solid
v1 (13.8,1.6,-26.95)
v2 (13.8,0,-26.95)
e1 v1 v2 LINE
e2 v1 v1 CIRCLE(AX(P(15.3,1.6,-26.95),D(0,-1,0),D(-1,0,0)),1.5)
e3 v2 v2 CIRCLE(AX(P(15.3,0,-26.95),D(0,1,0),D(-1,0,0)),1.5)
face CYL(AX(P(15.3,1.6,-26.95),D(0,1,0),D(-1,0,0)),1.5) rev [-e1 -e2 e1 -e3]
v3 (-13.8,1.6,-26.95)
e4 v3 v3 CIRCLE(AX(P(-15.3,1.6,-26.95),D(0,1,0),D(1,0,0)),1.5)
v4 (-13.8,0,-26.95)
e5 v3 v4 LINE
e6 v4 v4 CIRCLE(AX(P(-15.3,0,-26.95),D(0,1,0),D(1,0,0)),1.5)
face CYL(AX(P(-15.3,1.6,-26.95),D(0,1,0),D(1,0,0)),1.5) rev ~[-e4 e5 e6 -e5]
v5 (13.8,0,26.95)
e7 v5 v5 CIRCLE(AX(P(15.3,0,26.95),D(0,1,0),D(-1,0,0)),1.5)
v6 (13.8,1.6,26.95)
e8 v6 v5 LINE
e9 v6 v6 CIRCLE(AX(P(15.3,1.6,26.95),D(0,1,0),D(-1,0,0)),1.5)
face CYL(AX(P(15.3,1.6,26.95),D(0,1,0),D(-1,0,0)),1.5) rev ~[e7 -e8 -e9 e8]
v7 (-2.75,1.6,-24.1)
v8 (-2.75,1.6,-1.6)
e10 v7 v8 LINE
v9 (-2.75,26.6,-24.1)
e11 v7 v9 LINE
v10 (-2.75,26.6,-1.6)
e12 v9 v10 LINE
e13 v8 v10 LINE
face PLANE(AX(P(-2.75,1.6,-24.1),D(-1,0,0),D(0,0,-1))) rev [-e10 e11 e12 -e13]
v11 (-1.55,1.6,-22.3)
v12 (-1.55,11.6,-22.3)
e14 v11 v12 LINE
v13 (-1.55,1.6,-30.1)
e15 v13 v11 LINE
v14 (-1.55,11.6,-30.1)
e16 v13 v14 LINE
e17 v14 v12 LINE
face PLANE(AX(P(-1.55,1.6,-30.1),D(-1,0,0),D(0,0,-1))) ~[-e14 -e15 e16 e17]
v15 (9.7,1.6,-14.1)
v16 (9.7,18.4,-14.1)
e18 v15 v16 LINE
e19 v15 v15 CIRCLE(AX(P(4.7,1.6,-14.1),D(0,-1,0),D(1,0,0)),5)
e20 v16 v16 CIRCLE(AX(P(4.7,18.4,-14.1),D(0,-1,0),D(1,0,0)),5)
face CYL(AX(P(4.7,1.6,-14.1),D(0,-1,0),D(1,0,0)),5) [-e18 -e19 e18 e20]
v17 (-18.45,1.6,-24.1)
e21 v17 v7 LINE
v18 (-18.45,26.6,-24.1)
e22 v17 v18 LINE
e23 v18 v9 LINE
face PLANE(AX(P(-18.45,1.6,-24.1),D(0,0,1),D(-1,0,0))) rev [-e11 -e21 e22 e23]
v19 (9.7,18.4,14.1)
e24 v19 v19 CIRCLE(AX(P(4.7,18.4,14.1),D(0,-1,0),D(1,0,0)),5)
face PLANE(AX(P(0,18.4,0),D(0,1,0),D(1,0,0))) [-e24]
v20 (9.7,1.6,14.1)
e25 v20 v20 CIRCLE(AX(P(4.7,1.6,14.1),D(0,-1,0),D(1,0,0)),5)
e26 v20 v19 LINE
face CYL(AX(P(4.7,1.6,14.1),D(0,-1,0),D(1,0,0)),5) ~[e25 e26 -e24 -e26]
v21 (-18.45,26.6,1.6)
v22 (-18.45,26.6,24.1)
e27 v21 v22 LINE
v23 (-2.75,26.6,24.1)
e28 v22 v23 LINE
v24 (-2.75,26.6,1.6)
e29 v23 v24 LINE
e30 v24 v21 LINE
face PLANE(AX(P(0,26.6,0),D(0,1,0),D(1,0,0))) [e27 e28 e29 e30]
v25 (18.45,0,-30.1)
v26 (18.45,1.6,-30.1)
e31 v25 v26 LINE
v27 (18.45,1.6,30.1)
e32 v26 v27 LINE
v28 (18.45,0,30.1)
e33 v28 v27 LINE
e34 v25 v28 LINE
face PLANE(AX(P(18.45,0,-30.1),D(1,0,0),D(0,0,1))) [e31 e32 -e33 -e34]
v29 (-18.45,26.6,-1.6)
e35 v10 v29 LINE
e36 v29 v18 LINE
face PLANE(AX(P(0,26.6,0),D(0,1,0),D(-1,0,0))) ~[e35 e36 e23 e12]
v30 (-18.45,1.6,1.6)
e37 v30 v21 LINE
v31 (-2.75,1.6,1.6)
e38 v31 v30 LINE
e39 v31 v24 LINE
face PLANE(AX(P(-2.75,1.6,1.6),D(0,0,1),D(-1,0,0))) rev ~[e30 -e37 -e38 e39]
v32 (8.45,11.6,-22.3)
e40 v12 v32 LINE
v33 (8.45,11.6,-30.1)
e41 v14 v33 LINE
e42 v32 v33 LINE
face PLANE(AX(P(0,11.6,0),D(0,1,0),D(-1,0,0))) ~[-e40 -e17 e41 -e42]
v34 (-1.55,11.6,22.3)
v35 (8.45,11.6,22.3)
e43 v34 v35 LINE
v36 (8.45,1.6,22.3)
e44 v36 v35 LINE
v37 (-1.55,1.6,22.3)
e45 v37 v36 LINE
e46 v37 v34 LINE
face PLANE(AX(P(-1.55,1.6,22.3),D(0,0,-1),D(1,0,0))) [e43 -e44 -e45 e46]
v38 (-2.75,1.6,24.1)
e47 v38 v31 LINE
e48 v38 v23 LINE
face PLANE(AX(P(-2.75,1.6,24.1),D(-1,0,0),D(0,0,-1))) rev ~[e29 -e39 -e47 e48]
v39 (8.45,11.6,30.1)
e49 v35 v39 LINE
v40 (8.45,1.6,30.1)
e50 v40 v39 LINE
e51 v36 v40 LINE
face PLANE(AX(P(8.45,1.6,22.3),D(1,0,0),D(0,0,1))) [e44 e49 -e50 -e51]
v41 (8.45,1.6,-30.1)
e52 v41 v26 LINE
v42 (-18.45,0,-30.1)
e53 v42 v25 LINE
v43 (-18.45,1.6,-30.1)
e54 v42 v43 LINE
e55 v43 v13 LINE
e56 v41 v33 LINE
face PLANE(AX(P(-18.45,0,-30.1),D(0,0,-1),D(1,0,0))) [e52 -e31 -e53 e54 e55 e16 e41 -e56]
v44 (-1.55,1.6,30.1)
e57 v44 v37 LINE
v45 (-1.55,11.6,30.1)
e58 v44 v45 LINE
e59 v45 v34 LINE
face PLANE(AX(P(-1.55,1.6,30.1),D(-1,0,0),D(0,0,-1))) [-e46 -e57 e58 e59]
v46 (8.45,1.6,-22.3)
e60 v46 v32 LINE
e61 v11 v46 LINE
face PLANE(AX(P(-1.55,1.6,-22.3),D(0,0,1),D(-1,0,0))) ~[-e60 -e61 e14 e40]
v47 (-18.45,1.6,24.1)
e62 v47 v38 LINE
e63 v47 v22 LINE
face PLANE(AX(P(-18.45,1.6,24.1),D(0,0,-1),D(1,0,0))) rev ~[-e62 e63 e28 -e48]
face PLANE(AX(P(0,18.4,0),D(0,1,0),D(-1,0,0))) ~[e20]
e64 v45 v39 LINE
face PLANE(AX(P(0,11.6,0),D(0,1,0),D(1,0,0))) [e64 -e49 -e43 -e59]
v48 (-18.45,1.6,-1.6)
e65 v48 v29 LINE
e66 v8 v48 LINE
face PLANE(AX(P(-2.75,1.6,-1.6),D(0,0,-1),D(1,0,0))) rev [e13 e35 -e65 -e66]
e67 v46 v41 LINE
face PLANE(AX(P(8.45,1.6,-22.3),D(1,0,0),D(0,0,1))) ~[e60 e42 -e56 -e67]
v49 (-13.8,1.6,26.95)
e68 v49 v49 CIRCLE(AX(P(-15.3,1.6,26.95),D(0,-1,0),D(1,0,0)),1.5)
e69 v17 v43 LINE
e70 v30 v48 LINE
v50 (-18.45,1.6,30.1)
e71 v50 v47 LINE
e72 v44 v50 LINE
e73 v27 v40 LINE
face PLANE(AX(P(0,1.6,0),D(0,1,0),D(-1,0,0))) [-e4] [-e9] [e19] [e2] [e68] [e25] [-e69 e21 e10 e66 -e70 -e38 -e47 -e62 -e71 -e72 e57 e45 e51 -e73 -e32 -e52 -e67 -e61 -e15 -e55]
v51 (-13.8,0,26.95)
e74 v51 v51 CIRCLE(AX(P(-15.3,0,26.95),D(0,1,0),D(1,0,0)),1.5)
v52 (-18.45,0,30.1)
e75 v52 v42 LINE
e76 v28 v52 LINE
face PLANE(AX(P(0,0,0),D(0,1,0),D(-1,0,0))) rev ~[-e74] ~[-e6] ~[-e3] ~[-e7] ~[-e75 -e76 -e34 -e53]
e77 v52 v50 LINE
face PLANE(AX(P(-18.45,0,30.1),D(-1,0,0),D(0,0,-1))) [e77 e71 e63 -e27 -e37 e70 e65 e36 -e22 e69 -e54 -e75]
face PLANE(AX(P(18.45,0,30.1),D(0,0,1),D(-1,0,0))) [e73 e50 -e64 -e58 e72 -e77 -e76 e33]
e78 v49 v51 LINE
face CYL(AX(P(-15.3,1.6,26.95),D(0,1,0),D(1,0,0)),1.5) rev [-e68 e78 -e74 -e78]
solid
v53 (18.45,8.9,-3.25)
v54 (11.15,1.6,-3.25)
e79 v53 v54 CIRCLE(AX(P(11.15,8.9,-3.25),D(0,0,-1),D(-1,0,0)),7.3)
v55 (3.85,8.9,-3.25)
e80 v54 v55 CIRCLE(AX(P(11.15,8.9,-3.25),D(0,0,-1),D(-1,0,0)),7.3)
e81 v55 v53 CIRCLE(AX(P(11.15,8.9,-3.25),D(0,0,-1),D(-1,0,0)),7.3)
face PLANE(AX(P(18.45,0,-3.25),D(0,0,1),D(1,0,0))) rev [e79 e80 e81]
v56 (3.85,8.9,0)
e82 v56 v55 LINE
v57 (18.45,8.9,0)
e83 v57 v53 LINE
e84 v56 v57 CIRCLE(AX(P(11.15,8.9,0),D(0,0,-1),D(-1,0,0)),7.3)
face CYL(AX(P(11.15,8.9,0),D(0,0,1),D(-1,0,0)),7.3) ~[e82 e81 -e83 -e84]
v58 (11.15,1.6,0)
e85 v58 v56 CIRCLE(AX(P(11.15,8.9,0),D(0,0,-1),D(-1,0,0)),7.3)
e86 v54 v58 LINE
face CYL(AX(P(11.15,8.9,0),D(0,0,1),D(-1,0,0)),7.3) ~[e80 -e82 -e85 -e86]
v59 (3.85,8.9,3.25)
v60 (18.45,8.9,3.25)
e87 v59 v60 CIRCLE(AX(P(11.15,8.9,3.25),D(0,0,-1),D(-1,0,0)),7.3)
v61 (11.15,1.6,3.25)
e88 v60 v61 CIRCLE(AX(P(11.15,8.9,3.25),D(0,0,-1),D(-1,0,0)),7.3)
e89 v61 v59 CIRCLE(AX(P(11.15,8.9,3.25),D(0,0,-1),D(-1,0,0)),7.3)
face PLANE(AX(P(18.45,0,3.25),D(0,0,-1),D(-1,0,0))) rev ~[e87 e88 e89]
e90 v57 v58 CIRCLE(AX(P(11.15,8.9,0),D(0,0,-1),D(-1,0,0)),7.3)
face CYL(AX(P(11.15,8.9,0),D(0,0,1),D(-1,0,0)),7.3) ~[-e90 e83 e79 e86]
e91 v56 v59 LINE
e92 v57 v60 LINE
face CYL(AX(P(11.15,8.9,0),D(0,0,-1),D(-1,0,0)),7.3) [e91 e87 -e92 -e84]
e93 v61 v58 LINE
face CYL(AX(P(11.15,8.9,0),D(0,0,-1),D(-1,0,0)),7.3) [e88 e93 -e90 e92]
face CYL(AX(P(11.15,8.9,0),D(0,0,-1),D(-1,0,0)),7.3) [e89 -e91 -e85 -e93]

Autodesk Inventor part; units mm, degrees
ref_plane "YZ Plane" through (0, 0, 0) normal (1, 0, 0) x (0, 1, 0)
sketch "Sketch1" plane through (0, 0, 0) normal (0, 1, 0) x (-1, 0, 0)
  line L0 (-18.45, 30.1) -> (18.45, 30.1)
  line L1 (18.45, 30.1) -> (18.45, -30.1)
  line L2 (18.45, -30.1) -> (-18.45, -30.1)
  line L3 (-18.45, -30.1) -> (-18.45, 30.1)
  line L4 (-18.45, 30.1) -> (18.45, -30.1) construction
  line L5 (18.45, 30.1) -> (-18.45, -30.1) construction
  point P0 (0, 0)
  dimension "d0" = 36.9
  dimension "d1" = 60.2
extrude "Extrusion1" add sketch "Sketch1" along normal blind 1.6
sketch "Sketch2" plane through (0, 1.6, 0) normal (0, 1, 0) x (1, 0, 0)
  line L0 (-18.45, -30.1) -> (18.45, -30.1) projected
  line L1 (18.45, -30.1) -> (8.45, -30.1)
  line L2 (8.45, -30.1) -> (-1.55, -30.1)
  line L3 (-1.55, -30.1) -> (-1.55, -22.3)
  line L4 (-1.55, -22.3) -> (8.45, -22.3)
  line L5 (8.45, -22.3) -> (8.45, -30.1)
  point P0 (0, 0)
  dimension "d4" = 10
  dimension "d5" = 10
  dimension "d6" = 7.8
extrude "Extrusion2" add sketch "Sketch2" along normal blind 10
sketch "Sketch3" plane through (0, 1.6, 0) normal (0, 1, 0) x (1, 0, 0)
  line L0 (-18.45, -30.1) -> (18.45, -30.1) projected
  line L1 (18.45, -30.1) -> (4.7, -30.1)
  line L2 (4.7, -30.1) -> (4.7, -14.1)
  circle A0 centre (4.7, -14.1) radius 5
  point P0 (0, 0)
  dimension "d9" = 13.75
  dimension "d10" = 16
  dimension "d11" = 10
extrude "Extrusion3" add sketch "Sketch3" along normal blind 16.8
sketch "Sketch4" plane through (0, 1.6, 0) normal (0, 1, 0) x (1, 0, 0)
  line L0 (-18.45, -30.1) -> (-1.55, -30.1) projected
  line L1 (-18.45, -30.1) -> (-18.45, -24.1)
  line L2 (-18.45, 30.1) -> (-18.45, -30.1) projected
  line L3 (-18.45, -24.1) -> (-2.75, -24.1)
  line L4 (-2.75, -24.1) -> (-2.75, -1.6)
  line L5 (-2.75, -1.6) -> (-18.45, -1.6)
  line L6 (-18.45, -1.6) -> (-18.45, -24.1)
  point P0 (0, 0)
  dimension "d14" = 6
  dimension "d15" = 15.7
  dimension "d16" = 22.5
extrude "Extrusion4" add sketch "Sketch4" along normal blind 25
ref_plane "Work Plane1" through (18.45, 0, 0) normal (0, 0, -1) x (-1, 0, 0)
sketch "Sketch6" plane through (18.45, 0, 0) normal (0, 0, -1) x (-1, 0, 0)
  line L0 (0, 1.6) -> (0, 8.9)
  line L1 (0, 8.9) -> (7.3, 8.9)
  circle A0 centre (7.3, 8.9) radius 7.3
  point P0 (18.45, 0)
  dimension "d25" = 7.3
  dimension "d26" = 7.3
  dimension "d27" = 14.6
extrude "Extrusion6" add sketch "Sketch6" against normal blind 3.25
mirror "Mirror2" about plane through (18.45, 0, 0) normal (0, 0, -1) of "Extrusion4", "Extrusion2", "Extrusion3", "Extrusion6"
sketch "Sketch7" plane through (0, 1.6, 0) normal (0, 1, 0) x (1, 0, 0)
  circle A0 centre (-15.3, 26.95) radius 1.5
  point P0 (0, 0)
  point P1 (-18.45, 30.1)
  dimension "d32" = 3
extrude "Extrusion7" cut sketch "Sketch7" against normal blind 3.25
ref_plane "Work Plane2" through (0, 0, 30.1) normal (1, 0, 0) x (0, 0, -1)
mirror "Mirror3" about plane through (0, 0, 30.1) normal (1, 0, 0) of "Extrusion7"
mirror "Mirror4" about plane through (18.45, 0, 0) normal (0, 0, -1) of "Extrusion7", "Mirror3"
properties part number "ConversosDCDC"
